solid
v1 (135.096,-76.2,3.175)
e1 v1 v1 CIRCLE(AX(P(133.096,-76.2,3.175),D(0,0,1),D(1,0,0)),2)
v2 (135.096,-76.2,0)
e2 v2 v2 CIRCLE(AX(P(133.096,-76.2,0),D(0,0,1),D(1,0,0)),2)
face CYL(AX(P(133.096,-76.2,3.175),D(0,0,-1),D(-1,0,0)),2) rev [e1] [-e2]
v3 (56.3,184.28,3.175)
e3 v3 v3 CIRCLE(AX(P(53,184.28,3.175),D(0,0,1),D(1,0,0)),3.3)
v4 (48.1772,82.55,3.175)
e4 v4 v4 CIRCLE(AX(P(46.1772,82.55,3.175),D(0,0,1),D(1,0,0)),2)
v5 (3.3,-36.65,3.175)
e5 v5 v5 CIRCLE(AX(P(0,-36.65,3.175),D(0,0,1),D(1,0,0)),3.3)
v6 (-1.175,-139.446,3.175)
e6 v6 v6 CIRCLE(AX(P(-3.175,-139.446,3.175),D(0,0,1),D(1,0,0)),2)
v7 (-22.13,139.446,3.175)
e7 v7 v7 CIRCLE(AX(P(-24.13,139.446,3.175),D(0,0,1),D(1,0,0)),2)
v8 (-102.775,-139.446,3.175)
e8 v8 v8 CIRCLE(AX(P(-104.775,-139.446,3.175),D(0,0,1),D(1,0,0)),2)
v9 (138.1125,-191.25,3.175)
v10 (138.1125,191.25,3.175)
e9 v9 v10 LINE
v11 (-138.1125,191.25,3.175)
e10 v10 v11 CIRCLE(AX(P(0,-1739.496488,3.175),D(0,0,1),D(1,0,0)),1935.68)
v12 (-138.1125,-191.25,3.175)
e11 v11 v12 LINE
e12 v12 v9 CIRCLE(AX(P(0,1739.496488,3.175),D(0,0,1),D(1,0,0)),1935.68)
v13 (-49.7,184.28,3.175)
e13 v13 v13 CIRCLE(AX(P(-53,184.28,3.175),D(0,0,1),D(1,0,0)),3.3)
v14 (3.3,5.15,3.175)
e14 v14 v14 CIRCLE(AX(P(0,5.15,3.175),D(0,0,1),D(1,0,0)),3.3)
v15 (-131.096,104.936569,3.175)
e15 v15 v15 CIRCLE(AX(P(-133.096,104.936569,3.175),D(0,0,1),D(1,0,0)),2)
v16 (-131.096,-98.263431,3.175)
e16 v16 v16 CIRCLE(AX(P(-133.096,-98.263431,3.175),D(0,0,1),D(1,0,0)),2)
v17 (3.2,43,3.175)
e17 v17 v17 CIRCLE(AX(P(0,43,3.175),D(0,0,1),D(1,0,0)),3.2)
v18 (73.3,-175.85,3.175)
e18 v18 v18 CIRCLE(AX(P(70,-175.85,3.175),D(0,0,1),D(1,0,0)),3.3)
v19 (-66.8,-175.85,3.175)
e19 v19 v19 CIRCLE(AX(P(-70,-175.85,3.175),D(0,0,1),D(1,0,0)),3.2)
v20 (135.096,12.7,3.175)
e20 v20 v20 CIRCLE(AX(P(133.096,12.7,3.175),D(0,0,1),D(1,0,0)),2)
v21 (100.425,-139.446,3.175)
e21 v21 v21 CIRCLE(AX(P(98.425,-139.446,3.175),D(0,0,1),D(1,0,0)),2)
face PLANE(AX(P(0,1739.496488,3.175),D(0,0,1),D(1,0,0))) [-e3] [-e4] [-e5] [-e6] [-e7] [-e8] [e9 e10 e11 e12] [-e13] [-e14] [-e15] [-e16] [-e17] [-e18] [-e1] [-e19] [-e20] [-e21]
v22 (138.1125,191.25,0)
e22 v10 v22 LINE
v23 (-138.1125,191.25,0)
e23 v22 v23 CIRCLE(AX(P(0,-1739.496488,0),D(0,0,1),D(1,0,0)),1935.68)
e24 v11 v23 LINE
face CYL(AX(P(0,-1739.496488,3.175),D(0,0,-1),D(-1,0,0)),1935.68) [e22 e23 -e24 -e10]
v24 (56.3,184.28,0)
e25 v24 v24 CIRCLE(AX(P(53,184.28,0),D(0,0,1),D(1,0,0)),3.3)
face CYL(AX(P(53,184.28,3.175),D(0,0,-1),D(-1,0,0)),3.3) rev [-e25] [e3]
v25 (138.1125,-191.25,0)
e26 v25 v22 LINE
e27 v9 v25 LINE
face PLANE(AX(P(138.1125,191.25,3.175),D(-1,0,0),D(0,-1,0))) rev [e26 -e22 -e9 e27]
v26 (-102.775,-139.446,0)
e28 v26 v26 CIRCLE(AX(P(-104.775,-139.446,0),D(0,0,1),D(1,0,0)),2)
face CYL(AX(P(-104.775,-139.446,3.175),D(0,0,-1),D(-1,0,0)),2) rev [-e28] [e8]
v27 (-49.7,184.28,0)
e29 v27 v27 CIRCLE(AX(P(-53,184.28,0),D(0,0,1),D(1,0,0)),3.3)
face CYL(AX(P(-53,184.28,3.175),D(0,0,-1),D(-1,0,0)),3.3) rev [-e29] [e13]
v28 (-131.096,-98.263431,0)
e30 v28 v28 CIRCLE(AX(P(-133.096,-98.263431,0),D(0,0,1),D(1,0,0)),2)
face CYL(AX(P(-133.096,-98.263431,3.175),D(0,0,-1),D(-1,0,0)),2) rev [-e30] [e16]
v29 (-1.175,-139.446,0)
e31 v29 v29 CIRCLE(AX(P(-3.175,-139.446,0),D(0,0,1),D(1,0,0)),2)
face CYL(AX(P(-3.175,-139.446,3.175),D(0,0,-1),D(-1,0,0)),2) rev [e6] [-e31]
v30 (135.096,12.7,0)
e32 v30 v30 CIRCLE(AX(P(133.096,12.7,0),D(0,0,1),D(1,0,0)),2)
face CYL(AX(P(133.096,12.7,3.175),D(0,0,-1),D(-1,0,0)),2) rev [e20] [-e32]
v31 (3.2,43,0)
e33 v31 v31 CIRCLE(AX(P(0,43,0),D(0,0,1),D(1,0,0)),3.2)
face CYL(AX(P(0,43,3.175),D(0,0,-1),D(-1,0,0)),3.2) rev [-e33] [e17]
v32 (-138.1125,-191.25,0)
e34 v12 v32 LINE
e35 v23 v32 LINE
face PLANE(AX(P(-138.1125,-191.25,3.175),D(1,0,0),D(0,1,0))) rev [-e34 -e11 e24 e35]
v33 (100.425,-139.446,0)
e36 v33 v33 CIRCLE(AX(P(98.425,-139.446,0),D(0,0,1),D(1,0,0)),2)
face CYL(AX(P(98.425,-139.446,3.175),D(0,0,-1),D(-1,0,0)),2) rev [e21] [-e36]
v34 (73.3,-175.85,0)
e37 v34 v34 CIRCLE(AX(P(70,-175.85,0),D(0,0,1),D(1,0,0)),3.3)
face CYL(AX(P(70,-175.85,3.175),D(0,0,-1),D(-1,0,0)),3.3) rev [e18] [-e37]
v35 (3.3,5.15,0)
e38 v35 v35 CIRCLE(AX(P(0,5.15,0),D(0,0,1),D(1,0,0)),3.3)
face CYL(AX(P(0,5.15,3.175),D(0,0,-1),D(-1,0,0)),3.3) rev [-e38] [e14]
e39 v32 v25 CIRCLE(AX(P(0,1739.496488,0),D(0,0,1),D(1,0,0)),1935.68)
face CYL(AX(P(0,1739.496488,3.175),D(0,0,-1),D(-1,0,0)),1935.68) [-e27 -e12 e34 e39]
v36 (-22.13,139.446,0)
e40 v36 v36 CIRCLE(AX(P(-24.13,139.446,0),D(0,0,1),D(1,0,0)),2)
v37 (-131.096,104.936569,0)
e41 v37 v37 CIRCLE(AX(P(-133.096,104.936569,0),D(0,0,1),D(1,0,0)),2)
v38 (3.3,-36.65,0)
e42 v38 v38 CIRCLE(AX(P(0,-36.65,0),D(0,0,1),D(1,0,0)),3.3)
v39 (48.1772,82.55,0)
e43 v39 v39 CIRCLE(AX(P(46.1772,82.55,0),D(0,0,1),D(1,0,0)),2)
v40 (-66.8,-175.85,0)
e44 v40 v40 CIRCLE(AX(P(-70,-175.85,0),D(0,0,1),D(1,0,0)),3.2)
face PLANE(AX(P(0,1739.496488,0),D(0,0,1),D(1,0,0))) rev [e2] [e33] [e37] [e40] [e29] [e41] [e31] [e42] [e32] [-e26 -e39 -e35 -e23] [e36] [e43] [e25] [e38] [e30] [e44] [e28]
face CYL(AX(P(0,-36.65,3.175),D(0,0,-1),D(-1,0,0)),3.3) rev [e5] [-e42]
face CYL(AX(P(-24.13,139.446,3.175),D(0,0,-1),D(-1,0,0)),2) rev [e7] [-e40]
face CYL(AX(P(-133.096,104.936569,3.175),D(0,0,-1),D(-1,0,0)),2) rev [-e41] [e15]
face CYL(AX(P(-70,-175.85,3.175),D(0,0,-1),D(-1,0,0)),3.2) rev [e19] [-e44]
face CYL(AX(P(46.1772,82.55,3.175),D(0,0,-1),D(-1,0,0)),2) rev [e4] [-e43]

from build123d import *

# Parameters (mm, degrees)
SKETCH1_R      = 2
SKETCH1_R_2    = 3.3
SKETCH1_R_3    = 3.2
EXTRUDE1_DEPTH = 3.175


with BuildPart() as part:
    # Sketch1 → Extrude1 (new body)
    with BuildSketch(Plane.XY):
        with BuildLine():
            Line((138.1125, 191.25), (138.1125, -191.25))
            ThreePointArc((138.1125, -191.25), (0, -196.183512306), (-138.1125, -191.25))
            Line((-138.1125, -191.25), (-138.1125, 191.25))
            ThreePointArc((-138.1125, 191.25), (0, 196.183512306), (138.1125, 191.25))
        make_face()
        with Locations((46.1772, 82.55)):
            Circle(SKETCH1_R, mode=Mode.SUBTRACT)
        with Locations((53, 184.28)):
            Circle(SKETCH1_R_2, mode=Mode.SUBTRACT)
        with Locations((-24.13, 139.446)):
            Circle(SKETCH1_R, mode=Mode.SUBTRACT)
        with Locations((-133.096, 104.936568767)):
            Circle(SKETCH1_R, mode=Mode.SUBTRACT)
        with Locations((-53, 184.28)):
            Circle(SKETCH1_R_2, mode=Mode.SUBTRACT)
        with Locations((0, 43)):
            Circle(SKETCH1_R_3, mode=Mode.SUBTRACT)
        with Locations((0, 5.15)):
            Circle(SKETCH1_R_2, mode=Mode.SUBTRACT)
        with Locations((0, -36.65)):
            Circle(SKETCH1_R_2, mode=Mode.SUBTRACT)
        with Locations((133.096, 12.7)):
            Circle(SKETCH1_R, mode=Mode.SUBTRACT)
        with Locations((133.096, -76.2)):
            Circle(SKETCH1_R, mode=Mode.SUBTRACT)
        with Locations((98.425, -139.446)):
            Circle(SKETCH1_R, mode=Mode.SUBTRACT)
        with Locations((70, -175.85)):
            Circle(SKETCH1_R_2, mode=Mode.SUBTRACT)
        with Locations((-3.175, -139.446)):
            Circle(SKETCH1_R, mode=Mode.SUBTRACT)
        with Locations((-133.096, -98.263431233)):
            Circle(SKETCH1_R, mode=Mode.SUBTRACT)
        with Locations((-104.775, -139.446)):
            Circle(SKETCH1_R, mode=Mode.SUBTRACT)
        with Locations((-70, -175.85)):
            Circle(SKETCH1_R_3, mode=Mode.SUBTRACT)
    extrude(amount=EXTRUDE1_DEPTH)


solid = part.part
